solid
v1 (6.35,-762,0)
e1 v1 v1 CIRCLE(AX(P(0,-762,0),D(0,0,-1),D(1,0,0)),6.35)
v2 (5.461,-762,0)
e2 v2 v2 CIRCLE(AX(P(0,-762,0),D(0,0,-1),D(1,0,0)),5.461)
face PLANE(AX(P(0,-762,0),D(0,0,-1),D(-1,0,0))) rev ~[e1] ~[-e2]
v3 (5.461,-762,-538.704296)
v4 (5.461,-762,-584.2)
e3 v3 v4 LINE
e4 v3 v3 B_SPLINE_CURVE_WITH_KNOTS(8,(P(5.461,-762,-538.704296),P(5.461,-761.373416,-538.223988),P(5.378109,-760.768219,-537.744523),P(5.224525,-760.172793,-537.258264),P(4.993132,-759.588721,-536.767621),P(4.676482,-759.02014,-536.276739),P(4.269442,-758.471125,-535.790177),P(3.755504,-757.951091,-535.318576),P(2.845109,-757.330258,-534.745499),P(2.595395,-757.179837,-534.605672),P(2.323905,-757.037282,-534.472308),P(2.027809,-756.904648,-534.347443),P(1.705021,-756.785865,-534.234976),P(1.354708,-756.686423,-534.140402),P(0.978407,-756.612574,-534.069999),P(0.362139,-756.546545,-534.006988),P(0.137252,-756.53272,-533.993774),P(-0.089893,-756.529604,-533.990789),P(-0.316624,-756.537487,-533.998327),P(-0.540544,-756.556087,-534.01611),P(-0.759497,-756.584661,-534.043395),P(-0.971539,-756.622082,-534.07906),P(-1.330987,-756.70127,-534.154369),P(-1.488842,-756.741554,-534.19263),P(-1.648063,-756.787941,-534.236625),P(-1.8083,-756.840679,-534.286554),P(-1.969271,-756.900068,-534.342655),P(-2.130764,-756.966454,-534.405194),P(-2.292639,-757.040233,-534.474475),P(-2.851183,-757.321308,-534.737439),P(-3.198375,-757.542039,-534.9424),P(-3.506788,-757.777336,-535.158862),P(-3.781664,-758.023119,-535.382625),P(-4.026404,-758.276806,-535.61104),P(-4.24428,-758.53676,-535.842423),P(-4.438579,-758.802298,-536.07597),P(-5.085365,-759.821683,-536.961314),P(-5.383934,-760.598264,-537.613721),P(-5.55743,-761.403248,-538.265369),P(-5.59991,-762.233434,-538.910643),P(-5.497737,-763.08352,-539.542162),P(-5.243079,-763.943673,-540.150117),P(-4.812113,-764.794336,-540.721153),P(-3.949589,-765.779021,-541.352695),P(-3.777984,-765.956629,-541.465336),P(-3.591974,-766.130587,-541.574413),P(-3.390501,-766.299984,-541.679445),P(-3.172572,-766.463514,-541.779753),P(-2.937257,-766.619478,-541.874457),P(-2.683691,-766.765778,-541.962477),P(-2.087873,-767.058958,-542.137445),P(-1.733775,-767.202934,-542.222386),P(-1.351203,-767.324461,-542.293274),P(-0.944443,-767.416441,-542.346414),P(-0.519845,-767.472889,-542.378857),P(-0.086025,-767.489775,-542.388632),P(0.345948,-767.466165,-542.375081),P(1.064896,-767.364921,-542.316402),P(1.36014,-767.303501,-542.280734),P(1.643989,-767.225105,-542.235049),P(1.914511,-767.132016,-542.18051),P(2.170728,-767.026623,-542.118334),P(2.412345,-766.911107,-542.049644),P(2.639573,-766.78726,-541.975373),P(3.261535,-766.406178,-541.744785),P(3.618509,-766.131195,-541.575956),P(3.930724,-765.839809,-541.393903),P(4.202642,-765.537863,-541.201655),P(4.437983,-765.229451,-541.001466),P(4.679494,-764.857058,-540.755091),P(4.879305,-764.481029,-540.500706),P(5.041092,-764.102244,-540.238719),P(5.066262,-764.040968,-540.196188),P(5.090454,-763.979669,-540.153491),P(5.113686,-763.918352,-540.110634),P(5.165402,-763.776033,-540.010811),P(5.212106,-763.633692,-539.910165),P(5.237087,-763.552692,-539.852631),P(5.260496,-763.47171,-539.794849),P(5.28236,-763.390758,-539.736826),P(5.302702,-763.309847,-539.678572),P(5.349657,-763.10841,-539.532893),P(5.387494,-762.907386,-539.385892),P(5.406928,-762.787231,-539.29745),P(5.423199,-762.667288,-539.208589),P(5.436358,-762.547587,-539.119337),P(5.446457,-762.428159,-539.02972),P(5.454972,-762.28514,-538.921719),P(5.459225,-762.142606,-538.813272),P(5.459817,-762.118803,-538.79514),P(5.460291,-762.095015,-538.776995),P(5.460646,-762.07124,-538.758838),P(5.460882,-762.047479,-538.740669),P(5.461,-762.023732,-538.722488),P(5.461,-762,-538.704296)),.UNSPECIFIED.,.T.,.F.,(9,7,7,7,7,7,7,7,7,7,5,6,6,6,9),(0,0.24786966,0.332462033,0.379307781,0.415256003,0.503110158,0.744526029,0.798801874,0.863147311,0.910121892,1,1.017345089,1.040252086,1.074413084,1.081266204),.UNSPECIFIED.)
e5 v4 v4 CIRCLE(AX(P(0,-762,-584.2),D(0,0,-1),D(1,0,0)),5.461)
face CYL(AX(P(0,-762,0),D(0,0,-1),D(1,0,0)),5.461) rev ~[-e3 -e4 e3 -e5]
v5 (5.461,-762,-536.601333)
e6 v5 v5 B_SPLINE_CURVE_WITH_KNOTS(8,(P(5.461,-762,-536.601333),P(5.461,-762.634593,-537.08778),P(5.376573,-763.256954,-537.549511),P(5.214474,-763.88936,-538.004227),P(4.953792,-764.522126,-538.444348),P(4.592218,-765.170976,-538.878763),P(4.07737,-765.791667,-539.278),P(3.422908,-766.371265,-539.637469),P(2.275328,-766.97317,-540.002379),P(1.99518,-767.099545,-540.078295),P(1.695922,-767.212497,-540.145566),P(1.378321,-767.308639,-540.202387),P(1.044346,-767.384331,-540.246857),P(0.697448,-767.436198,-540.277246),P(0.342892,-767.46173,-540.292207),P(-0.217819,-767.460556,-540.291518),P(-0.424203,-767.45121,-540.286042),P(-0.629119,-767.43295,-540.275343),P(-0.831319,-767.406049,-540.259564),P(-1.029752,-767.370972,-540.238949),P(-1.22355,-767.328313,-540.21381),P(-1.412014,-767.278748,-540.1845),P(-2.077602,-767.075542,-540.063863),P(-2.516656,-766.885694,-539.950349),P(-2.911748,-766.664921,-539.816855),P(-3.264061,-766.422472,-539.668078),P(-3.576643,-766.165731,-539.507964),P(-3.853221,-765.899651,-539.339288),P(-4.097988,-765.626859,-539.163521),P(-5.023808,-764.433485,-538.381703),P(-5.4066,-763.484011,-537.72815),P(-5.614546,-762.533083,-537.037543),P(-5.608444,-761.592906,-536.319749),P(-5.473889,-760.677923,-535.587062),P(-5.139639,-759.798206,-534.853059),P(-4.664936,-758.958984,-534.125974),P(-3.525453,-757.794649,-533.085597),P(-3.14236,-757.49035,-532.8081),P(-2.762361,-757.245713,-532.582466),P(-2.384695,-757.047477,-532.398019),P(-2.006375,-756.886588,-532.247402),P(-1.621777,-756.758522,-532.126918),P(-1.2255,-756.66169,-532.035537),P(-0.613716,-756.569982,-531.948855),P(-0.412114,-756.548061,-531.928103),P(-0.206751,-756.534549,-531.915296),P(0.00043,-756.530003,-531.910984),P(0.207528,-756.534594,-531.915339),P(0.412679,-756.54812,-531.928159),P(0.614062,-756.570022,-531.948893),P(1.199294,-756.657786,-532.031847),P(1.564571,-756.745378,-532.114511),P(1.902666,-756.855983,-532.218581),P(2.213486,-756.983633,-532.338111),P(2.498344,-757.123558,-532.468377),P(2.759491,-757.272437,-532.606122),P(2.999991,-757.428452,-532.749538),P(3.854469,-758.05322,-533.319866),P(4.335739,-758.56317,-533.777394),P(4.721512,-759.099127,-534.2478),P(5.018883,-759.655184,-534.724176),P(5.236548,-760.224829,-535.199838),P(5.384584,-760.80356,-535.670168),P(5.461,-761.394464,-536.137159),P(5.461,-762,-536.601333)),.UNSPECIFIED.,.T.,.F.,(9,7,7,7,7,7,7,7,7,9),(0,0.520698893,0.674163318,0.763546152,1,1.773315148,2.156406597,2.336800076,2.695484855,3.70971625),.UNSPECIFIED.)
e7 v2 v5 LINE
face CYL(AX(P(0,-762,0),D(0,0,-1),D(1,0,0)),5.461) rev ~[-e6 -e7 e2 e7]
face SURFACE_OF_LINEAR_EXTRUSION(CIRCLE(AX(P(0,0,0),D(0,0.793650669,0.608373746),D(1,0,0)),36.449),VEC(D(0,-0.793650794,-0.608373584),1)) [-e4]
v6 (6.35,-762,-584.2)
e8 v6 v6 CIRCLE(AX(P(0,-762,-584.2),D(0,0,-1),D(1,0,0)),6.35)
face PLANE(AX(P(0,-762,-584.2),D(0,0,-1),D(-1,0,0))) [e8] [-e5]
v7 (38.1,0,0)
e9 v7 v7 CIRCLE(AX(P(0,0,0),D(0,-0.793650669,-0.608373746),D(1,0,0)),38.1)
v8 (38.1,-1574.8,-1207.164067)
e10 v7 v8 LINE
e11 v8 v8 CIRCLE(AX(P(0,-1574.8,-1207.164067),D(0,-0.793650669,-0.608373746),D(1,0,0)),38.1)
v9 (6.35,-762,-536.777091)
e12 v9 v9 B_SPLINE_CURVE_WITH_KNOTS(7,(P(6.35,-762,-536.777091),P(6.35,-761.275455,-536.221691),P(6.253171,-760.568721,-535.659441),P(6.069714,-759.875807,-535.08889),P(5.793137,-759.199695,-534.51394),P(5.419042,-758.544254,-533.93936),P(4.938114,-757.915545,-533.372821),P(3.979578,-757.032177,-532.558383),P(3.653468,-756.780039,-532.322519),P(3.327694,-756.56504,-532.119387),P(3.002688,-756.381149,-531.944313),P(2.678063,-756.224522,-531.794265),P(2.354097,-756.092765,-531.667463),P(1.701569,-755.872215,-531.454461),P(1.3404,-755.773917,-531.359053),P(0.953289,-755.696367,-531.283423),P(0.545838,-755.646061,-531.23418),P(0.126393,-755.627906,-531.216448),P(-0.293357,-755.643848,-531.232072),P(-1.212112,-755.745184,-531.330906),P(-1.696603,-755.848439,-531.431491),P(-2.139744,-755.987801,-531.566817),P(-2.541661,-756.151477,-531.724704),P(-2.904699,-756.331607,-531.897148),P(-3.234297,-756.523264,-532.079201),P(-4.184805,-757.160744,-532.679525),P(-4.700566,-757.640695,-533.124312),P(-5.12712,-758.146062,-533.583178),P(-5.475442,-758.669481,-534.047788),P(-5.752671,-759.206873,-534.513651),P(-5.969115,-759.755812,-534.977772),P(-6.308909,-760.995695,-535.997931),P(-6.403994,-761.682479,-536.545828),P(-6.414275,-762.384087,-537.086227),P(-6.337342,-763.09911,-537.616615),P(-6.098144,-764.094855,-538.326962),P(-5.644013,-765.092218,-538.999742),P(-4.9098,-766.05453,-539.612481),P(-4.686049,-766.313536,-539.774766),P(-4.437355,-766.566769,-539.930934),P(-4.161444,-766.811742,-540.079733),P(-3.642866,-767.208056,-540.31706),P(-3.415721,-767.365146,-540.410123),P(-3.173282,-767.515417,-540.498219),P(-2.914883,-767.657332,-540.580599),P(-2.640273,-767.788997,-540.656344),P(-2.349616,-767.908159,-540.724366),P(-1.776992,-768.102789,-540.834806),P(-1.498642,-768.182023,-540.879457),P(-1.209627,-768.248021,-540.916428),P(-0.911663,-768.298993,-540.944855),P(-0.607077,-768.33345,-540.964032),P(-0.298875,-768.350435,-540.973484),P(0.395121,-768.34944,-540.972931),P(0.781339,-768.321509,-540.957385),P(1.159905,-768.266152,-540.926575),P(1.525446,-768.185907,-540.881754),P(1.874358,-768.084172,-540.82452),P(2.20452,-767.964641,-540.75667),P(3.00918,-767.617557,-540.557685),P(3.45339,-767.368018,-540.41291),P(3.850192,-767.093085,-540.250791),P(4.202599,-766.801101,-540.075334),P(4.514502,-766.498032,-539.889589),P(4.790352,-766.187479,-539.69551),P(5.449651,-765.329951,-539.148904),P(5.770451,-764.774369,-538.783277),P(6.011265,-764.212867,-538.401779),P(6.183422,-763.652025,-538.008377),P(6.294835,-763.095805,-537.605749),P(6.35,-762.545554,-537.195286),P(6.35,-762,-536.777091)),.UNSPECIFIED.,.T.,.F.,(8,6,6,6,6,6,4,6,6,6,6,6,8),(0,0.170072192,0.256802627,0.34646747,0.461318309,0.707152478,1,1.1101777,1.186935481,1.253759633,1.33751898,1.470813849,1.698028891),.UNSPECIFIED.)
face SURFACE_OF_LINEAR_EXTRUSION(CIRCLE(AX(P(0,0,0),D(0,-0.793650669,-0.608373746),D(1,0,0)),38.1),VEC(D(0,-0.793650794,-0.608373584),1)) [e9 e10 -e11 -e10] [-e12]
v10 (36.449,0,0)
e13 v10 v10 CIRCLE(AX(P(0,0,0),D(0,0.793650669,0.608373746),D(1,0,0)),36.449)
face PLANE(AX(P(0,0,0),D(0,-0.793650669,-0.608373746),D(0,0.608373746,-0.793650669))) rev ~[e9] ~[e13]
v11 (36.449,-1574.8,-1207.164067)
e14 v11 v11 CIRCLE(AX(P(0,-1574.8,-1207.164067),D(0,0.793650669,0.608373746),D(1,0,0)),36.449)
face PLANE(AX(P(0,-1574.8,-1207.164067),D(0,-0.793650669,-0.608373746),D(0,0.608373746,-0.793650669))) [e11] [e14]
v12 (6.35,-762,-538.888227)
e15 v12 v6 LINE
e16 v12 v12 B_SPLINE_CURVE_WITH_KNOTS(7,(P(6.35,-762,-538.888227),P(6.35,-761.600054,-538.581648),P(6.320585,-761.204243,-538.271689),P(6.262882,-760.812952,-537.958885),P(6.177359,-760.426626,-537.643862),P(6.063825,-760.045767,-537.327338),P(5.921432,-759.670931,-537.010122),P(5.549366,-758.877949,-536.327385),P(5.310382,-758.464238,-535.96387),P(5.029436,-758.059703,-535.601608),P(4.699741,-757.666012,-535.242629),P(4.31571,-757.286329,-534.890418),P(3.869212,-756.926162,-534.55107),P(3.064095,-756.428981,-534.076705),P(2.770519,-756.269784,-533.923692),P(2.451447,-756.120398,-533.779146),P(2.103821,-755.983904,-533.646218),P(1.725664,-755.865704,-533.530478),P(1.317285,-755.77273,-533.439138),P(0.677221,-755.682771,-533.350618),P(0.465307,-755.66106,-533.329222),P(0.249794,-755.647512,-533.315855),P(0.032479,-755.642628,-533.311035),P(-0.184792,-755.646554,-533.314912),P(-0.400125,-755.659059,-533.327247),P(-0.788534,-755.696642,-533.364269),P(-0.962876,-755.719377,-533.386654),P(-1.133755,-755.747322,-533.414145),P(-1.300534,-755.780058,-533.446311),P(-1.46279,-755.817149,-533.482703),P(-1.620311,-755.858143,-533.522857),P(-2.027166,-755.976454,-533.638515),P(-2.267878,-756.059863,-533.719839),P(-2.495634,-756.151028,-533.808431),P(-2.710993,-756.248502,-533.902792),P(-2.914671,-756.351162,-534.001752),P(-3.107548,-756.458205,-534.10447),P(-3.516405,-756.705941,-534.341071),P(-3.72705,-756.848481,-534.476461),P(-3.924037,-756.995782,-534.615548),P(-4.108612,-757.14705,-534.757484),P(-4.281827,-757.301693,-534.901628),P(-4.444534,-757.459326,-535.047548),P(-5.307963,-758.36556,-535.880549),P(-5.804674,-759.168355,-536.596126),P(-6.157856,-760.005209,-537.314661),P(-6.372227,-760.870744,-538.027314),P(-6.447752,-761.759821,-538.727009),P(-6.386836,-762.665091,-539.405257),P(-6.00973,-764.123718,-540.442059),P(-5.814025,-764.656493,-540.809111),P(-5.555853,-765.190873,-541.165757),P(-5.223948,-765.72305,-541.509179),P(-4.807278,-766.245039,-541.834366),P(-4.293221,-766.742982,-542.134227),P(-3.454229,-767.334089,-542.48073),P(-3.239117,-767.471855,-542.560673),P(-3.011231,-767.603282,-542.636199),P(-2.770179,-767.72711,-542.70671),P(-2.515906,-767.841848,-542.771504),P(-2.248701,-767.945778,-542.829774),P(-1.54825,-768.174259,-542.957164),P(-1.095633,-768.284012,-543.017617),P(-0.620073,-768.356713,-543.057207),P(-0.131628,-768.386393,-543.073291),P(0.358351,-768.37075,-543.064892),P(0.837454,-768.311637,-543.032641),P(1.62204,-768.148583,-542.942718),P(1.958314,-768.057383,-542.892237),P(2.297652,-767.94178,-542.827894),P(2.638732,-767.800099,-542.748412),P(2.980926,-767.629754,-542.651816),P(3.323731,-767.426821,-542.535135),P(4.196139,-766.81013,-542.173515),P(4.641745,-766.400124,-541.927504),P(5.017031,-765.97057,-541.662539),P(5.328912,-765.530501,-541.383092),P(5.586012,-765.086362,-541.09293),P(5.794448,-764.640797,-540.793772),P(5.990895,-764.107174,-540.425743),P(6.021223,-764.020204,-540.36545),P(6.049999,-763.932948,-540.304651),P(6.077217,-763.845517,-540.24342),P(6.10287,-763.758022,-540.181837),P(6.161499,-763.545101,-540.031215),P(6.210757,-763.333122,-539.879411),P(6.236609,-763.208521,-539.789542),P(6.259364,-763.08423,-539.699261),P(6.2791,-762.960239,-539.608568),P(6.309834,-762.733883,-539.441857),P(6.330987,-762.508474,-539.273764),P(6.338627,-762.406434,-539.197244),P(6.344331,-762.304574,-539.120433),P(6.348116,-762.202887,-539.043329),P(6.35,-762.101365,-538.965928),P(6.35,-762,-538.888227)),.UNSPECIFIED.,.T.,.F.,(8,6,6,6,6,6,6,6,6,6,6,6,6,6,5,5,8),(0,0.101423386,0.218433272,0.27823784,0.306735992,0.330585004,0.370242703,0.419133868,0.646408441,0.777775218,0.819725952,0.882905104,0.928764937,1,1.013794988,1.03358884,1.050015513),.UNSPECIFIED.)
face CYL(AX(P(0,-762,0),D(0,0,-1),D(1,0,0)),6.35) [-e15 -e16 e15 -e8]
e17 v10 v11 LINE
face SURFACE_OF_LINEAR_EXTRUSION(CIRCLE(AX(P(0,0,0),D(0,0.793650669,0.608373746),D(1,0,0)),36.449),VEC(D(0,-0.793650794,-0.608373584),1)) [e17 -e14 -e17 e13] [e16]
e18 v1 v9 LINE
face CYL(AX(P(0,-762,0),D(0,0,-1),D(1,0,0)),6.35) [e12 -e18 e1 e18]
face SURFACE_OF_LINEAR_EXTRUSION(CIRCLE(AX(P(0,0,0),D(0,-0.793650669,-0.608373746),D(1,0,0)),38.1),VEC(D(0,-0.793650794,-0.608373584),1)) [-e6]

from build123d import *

# Parameters (mm, degrees)
F2_R   = 38.1
F2_R_2 = 36.449
F6_R   = 6.35
F6_R_2 = 5.461


with BuildPart() as f3:
    # F3: sweep along a path in F0
    with BuildLine(Plane.YZ) as f3_path:
        Line((0, 0), (-1574.8, -1207.164067))
    # F2 (on face) → F3 (sweep)
    with BuildSketch(Plane(origin=(0, 0, 0), x_dir=(1, 0, 0), z_dir=(0, -0.793651, -0.608374))):
        Circle(F2_R)
        Circle(F2_R_2, mode=Mode.SUBTRACT)
    sweep(path=f3_path.line)

    # F7: sweep along a path in F4
    with BuildLine(Plane.YZ) as f7_path:
        Line((-762, 0), (-762, -584.2))
    # F6 (on face) → F7 (sweep)
    with BuildSketch(Plane(origin=(0, 0, 0), x_dir=(1, 0, 0), z_dir=(0, 0, -1))):
        with Locations((0, 762)):
            Circle(F6_R)
        with Locations((0, 762)):
            Circle(F6_R_2, mode=Mode.SUBTRACT)
    sweep(path=f7_path.line)


solid = f3.part
